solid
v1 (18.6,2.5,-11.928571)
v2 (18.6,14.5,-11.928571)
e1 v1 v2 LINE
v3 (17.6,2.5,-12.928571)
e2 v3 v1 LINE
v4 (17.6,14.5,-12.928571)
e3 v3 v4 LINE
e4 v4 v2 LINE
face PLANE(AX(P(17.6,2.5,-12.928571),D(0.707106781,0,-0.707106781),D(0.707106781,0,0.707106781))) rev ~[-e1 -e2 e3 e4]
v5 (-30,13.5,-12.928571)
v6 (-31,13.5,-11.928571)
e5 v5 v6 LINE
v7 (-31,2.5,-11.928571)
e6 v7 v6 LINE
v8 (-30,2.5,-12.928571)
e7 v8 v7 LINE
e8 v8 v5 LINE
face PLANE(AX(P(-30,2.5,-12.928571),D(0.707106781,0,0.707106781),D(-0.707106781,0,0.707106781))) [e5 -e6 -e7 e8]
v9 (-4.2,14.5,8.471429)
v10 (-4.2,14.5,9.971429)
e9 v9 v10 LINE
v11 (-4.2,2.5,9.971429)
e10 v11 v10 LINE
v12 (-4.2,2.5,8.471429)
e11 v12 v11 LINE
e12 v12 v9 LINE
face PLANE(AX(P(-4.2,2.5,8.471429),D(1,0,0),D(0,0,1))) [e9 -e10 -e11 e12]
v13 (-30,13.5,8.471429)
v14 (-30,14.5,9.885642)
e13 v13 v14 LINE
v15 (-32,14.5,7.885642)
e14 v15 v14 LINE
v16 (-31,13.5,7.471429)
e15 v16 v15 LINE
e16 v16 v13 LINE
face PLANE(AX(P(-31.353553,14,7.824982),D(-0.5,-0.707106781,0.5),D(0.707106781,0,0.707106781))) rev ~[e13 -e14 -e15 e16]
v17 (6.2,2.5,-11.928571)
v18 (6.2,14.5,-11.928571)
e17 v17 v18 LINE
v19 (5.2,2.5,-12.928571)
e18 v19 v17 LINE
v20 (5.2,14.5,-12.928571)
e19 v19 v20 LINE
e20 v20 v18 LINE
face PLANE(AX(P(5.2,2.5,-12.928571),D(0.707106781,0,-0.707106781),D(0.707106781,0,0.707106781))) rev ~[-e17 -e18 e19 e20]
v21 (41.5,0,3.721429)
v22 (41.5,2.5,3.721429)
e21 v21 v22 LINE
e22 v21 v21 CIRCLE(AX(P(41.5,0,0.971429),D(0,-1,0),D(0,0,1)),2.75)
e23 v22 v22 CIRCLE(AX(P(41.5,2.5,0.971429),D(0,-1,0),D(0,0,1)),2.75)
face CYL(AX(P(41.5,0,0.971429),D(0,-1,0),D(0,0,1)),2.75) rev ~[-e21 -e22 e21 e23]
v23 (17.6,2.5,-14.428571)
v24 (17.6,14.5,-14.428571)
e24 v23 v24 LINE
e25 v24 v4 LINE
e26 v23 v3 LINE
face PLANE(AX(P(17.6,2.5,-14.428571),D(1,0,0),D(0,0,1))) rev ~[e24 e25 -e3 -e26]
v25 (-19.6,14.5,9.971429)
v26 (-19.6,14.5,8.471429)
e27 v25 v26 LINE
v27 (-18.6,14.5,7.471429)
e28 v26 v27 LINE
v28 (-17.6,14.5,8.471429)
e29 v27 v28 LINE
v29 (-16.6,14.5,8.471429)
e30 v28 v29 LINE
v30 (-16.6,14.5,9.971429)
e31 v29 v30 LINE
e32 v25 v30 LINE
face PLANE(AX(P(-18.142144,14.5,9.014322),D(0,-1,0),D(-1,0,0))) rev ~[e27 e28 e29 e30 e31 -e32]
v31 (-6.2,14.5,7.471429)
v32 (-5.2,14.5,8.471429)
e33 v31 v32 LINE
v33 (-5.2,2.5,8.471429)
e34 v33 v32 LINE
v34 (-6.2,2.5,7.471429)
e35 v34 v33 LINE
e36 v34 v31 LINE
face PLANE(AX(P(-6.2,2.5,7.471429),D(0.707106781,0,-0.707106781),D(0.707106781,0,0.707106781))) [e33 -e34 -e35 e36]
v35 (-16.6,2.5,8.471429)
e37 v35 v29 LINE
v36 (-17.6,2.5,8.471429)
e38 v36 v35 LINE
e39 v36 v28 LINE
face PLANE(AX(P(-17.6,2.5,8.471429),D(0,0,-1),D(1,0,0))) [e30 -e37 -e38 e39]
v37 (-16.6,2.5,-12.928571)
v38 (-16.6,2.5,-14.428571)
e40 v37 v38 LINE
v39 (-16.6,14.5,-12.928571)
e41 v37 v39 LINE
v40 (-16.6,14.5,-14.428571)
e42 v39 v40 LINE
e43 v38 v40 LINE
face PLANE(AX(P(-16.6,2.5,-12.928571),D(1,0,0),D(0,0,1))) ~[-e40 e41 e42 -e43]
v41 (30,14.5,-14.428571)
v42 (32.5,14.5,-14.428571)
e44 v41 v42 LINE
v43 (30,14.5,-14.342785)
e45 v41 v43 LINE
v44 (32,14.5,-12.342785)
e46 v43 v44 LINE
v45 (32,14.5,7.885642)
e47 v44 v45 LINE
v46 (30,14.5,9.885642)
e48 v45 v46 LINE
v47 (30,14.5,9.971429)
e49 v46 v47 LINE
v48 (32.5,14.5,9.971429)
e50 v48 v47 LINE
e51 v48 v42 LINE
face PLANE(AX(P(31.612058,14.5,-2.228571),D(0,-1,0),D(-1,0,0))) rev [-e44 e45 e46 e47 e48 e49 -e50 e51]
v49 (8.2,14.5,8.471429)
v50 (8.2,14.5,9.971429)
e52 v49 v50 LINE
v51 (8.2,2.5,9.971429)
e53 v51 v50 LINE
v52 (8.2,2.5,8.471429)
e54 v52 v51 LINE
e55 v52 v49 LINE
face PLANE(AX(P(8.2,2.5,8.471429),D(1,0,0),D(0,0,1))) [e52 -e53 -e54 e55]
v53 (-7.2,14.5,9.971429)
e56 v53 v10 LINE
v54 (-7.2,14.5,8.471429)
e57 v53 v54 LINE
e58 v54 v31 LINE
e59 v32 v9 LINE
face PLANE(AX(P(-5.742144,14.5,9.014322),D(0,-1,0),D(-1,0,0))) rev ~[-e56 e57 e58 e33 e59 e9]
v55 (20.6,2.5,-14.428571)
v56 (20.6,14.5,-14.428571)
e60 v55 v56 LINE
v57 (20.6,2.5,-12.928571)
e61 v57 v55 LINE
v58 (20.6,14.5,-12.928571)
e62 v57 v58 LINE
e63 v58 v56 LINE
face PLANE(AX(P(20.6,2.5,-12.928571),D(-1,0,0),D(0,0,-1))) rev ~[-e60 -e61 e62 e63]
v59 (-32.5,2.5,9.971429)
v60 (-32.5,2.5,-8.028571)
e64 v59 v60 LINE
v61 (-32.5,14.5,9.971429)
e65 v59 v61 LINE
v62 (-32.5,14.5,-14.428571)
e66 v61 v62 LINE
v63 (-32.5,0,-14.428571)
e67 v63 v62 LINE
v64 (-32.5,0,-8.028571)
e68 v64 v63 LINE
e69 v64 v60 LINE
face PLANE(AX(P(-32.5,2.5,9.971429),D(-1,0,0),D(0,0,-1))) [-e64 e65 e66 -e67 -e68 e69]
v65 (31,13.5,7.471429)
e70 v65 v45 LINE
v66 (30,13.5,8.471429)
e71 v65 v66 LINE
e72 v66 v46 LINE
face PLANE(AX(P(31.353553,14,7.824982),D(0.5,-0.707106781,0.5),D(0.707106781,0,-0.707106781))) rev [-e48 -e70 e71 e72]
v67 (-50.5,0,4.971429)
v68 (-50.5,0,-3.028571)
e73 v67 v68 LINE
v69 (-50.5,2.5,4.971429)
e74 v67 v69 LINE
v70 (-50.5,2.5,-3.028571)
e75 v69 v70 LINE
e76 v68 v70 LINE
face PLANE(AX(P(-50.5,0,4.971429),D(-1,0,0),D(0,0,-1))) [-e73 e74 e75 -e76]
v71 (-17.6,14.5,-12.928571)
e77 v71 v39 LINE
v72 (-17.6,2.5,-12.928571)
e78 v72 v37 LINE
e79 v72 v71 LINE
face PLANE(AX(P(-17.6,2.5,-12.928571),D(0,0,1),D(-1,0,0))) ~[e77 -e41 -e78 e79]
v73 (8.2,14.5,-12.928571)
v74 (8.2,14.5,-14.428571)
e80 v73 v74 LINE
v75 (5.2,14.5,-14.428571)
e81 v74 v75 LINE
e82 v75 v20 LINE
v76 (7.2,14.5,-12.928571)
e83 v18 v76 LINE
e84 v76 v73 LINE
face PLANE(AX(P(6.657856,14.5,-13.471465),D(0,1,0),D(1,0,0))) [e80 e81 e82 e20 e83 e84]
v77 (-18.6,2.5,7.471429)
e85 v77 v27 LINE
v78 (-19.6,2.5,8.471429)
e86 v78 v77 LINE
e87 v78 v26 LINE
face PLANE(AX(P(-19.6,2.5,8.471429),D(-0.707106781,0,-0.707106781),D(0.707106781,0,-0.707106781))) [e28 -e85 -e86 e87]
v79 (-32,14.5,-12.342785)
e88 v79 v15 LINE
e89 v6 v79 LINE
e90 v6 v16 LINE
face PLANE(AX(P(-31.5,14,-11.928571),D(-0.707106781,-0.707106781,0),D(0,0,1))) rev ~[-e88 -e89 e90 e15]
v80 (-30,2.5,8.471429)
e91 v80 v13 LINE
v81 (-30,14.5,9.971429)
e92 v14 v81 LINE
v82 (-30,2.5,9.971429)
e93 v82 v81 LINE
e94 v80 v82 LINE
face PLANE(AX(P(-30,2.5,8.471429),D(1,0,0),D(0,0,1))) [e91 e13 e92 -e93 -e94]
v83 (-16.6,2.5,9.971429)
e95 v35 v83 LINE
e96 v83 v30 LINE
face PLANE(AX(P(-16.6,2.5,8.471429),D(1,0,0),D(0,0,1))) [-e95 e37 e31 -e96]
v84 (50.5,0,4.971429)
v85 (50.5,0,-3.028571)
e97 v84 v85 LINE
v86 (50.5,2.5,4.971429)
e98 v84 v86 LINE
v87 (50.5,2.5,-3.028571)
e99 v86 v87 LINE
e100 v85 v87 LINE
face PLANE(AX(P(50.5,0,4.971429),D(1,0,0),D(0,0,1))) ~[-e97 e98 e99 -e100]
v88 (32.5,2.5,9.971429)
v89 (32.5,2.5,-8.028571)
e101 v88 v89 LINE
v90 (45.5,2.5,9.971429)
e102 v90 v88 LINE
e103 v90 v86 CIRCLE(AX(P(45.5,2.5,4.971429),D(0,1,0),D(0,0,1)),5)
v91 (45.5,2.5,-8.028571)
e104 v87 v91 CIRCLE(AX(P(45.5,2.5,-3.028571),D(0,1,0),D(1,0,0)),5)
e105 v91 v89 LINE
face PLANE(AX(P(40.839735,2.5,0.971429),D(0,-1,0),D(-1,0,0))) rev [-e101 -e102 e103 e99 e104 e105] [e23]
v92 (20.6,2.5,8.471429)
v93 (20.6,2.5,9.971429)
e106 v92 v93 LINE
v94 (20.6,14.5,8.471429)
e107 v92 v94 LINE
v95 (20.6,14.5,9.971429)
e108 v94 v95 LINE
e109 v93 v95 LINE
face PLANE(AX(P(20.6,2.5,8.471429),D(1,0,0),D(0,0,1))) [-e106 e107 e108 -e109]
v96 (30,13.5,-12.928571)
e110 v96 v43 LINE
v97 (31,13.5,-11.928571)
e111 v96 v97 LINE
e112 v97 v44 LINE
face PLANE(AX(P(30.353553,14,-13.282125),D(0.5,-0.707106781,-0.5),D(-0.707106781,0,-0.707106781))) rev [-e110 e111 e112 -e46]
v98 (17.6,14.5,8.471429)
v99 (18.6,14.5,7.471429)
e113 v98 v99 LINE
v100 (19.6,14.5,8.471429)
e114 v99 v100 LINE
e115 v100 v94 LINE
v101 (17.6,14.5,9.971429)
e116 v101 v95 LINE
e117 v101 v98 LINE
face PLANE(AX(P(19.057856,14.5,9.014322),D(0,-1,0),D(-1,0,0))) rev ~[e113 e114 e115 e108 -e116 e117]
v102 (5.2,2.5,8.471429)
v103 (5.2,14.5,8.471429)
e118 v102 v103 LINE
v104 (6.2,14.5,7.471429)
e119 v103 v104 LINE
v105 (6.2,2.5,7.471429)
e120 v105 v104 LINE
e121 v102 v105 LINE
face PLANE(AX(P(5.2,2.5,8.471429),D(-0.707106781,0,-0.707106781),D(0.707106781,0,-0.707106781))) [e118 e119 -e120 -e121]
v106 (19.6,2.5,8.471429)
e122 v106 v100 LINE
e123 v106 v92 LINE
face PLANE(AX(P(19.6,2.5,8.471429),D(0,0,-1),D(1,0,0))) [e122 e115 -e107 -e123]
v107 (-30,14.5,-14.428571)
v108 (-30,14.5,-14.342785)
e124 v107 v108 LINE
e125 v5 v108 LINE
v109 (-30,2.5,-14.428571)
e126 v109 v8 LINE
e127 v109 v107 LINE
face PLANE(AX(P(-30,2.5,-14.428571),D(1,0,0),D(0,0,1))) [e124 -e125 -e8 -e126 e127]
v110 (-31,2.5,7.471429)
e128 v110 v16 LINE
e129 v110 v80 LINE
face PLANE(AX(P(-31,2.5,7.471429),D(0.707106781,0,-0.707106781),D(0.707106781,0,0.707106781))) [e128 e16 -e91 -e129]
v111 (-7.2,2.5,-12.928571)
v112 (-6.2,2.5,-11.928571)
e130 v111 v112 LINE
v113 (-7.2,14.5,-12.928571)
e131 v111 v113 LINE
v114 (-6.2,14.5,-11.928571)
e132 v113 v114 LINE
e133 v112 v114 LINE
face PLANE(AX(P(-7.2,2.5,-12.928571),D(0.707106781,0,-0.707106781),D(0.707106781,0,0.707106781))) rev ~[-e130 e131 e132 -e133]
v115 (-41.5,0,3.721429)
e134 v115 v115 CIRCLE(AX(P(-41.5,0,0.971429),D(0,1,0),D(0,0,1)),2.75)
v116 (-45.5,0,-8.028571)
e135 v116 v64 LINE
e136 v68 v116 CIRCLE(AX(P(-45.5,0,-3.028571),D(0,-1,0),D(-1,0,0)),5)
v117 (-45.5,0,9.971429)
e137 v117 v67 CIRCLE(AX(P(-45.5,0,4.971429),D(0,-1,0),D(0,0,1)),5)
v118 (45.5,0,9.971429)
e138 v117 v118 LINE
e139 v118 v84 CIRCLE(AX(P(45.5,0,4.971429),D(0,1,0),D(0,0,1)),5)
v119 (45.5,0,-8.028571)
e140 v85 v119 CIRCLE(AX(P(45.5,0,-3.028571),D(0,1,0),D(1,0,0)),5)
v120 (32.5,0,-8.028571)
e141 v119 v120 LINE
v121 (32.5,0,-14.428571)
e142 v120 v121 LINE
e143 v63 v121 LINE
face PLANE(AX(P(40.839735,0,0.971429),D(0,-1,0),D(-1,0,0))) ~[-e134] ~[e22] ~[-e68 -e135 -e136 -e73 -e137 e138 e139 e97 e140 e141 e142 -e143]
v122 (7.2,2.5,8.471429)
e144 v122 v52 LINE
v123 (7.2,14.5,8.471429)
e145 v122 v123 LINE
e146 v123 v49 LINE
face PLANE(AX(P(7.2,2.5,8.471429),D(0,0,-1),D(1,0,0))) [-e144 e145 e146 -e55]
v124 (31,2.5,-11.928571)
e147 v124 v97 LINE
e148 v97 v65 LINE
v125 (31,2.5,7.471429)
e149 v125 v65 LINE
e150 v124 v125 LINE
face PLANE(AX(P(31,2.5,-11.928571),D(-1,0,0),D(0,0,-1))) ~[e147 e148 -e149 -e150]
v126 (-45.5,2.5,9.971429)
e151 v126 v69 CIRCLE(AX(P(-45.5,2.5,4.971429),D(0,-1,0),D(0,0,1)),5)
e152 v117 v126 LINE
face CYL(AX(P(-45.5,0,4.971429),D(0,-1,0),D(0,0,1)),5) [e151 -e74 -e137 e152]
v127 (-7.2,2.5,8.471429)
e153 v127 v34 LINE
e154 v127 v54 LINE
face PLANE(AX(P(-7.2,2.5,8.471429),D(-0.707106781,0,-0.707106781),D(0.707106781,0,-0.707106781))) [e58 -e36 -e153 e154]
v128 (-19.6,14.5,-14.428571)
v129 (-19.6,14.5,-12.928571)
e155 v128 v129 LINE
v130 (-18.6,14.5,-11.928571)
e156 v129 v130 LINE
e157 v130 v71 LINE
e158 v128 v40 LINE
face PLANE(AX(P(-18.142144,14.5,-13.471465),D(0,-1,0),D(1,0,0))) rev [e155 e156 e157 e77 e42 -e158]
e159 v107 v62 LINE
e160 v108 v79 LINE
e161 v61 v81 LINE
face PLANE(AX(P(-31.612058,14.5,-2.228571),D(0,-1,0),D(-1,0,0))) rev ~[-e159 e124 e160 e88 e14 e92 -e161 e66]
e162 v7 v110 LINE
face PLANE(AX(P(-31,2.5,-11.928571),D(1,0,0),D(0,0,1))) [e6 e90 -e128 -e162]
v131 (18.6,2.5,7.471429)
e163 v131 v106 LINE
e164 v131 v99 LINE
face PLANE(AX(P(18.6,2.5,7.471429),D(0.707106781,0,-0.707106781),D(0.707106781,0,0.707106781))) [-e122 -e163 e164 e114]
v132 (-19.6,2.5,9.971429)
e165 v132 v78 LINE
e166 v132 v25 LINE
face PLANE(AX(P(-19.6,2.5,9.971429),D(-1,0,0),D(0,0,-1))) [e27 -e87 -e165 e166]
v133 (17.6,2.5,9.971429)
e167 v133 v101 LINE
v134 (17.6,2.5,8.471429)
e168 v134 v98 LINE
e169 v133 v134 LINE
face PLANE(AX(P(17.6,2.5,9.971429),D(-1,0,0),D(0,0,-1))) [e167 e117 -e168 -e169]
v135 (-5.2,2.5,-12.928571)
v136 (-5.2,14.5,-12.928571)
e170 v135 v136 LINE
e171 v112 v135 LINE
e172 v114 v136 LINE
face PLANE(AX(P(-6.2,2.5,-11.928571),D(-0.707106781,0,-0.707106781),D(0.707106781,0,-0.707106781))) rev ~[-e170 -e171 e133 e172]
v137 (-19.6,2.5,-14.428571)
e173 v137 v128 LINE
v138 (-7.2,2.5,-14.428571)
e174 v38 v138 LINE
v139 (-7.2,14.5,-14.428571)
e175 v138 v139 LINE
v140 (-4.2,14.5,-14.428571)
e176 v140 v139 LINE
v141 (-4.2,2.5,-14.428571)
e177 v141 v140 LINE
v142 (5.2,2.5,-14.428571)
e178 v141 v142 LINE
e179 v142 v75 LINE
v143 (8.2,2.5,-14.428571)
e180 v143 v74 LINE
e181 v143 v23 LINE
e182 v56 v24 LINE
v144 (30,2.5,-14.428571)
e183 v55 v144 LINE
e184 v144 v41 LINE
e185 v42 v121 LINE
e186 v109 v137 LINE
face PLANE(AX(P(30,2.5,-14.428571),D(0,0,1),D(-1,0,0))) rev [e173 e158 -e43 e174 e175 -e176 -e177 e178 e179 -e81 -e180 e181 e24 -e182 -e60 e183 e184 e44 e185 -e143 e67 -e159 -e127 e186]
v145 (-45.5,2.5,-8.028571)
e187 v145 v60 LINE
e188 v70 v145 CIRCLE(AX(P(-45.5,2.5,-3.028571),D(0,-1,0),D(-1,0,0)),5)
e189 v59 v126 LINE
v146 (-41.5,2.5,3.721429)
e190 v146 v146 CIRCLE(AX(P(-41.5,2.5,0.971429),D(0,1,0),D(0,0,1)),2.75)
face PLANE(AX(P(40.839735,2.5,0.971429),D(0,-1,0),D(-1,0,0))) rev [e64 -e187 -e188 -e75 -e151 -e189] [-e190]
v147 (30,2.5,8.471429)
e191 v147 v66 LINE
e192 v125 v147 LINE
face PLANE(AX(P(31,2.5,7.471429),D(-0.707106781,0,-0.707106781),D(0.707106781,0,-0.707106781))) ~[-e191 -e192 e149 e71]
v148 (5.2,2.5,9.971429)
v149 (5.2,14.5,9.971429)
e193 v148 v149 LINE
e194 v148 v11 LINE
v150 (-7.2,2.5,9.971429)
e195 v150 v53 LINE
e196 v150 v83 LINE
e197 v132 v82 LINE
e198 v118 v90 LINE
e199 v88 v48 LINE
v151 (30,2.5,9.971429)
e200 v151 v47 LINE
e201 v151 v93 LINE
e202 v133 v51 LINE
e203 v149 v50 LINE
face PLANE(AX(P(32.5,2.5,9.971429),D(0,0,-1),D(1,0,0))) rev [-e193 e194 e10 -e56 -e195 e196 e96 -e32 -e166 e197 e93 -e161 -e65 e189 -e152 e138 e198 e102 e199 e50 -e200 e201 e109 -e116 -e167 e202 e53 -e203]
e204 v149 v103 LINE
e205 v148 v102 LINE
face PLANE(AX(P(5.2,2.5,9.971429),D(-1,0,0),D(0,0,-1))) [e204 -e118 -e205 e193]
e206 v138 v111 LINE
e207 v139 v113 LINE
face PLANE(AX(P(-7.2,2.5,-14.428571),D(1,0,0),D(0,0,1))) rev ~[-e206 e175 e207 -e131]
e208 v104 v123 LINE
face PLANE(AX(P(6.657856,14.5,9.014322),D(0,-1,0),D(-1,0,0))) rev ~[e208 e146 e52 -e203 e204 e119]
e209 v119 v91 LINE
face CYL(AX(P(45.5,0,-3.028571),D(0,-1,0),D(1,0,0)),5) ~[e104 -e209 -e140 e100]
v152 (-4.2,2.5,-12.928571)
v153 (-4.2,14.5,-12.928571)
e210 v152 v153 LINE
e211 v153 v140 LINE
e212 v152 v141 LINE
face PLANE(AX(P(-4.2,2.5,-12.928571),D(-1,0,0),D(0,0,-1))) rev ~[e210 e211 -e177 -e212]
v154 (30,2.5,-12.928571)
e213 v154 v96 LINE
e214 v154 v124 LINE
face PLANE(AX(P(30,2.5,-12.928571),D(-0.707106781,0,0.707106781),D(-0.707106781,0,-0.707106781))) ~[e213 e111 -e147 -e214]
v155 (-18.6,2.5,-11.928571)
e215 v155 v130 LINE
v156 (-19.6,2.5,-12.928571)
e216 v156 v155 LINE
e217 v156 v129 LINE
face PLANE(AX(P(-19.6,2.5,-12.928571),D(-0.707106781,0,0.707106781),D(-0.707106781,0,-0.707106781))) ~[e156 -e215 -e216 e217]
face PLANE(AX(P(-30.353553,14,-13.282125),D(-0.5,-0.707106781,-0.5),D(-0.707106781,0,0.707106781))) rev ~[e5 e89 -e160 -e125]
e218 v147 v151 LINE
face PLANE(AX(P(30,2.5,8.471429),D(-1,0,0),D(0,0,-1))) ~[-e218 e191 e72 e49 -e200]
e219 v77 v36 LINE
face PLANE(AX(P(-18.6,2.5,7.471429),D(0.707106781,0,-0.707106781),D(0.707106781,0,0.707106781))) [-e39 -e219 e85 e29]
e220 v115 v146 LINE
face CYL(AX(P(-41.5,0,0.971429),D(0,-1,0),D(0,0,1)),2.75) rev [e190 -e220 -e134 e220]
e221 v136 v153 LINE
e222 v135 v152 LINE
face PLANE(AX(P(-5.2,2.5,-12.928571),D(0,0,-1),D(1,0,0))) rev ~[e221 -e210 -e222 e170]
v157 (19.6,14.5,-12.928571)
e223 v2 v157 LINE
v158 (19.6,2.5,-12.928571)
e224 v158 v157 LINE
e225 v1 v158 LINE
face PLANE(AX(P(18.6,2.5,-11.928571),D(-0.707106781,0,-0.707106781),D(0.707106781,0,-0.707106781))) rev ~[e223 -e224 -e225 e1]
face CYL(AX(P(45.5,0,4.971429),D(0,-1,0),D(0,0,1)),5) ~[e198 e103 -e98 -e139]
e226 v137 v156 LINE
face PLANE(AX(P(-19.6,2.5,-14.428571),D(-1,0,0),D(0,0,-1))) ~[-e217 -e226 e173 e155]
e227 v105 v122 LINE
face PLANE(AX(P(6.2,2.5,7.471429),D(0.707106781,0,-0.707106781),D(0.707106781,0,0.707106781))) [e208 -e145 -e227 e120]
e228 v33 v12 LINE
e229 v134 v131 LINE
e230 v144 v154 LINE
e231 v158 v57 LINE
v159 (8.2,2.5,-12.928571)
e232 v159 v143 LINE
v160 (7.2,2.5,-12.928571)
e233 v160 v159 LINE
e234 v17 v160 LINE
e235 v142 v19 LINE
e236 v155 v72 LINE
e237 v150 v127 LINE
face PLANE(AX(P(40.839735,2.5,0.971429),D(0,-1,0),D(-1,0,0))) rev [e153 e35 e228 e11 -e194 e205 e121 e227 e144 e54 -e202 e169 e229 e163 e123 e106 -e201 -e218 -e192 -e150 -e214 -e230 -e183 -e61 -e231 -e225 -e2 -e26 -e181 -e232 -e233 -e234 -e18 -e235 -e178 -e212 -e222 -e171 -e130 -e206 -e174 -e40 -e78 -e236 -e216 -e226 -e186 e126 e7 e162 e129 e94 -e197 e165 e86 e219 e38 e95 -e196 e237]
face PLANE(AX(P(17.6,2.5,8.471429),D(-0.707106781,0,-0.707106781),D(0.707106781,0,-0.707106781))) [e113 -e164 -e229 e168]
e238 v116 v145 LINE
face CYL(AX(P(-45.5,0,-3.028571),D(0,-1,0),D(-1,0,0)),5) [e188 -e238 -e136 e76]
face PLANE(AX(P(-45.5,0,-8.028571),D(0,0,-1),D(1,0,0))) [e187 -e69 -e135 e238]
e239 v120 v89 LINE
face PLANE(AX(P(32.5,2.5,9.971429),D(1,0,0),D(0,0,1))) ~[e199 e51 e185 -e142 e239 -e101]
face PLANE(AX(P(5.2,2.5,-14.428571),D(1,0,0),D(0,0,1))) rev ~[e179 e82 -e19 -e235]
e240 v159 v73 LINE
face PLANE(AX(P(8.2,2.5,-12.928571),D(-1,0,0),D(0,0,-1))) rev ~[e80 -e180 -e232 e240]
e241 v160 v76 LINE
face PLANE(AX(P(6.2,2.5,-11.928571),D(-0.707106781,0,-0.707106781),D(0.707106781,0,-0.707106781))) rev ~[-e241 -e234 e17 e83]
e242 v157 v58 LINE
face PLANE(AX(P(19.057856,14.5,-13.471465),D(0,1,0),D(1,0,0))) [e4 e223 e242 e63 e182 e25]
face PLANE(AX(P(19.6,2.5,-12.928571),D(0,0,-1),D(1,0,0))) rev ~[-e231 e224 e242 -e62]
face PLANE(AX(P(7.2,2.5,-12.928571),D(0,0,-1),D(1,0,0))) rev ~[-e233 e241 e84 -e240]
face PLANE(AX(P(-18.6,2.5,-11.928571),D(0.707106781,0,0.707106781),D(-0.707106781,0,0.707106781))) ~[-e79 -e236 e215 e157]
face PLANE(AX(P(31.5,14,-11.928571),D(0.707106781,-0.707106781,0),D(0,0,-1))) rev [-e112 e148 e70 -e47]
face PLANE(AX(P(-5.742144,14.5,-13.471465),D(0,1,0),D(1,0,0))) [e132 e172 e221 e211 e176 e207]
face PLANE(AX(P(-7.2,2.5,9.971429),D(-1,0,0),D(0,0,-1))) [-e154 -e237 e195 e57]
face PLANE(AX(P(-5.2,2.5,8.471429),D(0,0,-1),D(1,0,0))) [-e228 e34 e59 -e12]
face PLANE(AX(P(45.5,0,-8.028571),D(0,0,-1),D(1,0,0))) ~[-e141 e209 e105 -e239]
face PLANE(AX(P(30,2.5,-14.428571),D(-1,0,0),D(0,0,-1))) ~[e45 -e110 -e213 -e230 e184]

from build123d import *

# Parameters (mm, degrees)
SKETCH_1_W                    = 65
SKETCH_1_H                    = 24.4
EXTRUDE_1_DEPTH               = 2.5
SKETCH_2_R                    = 2.75
EXTRUDE_2_DEPTH               = 2.5
EXTRUDE_3_DEPTH               = 12
CHAMFER_1_SIZE                = 1
EXTRUDE_4_DEPTH               = 12
PATTERN_LINEAR_1_COUNT        = 4
PATTERN_LINEAR_1_PITCH        = 12.4
PATTERN_LINEAR_1_COPY_1_DEPTH = 12
PATTERN_LINEAR_1_COPY_2_DEPTH = 12
PATTERN_LINEAR_1_COPY_3_DEPTH = 12


with BuildPart() as part:
    # Эскиз1 → Бобышка-Вытянуть1 (new body)
    with BuildSketch(Plane(origin=(0, 0, 0), x_dir=(1, 0, 0), z_dir=(0, 1, 0))):
        with Locations((0, 2.228571429)):
            Rectangle(SKETCH_1_W, SKETCH_1_H)
    extrude(amount=EXTRUDE_1_DEPTH)

    # Эскиз2 → Бобышка-Вытянуть2 (add)
    with BuildSketch(Plane(origin=(0, 0, 0), x_dir=(1, 0, 0), z_dir=(0, 1, 0))):
        with BuildLine():
            Line((-32.5, -9.971428571), (-45.5, -9.971428571))
            ThreePointArc((-45.5, -9.971428571), (-49.035533906, -8.506962477), (-50.5, -4.971428571))
            Line((-50.5, -4.971428571), (-50.5, 3.028571429))
            ThreePointArc((-50.5, 3.028571429), (-49.035533906, 6.564105335), (-45.5, 8.028571429))
            Line((-45.5, 8.028571429), (-32.5, 8.028571429))
            Line((-32.5, 8.028571429), (-32.5, -9.971428571))
        make_face()
        with Locations(Location((-41.5, -0.971428571, 0), (0, 0, 270))):
            Circle(SKETCH_2_R, mode=Mode.SUBTRACT)
    extrude_2 = extrude(amount=EXTRUDE_2_DEPTH)

    # Зеркальное отражение1: Бобышка-Вытянуть2 across plane
    add(extrude_2.mirror(Plane(origin=(0, 0, 0), x_dir=(0, 0, 1), z_dir=(1, 0, 0))))

    # Эскиз3 → Бобышка-Вытянуть3 (add)
    with BuildSketch(Plane(origin=(0, 2.5, 0), x_dir=(1, 0, 0), z_dir=(0, 1, 0))):
        Polygon((-32.5, 14.428571429), (-31, 14.428571429), (-30, 14.428571429), (-30, 12.928571429), (-31, 11.928571429), (-31, -7.471428571), (-30, -8.471428571), (-30, -9.971428571), (-31, -9.971428571), (-32.5, -9.971428571), align=None)
    extrude_3 = extrude(amount=EXTRUDE_3_DEPTH)

    # Зеркальное отражение2: Бобышка-Вытянуть3 across plane
    add(extrude_3.mirror(Plane(origin=(0, 0, 0), x_dir=(0, 0, 1), z_dir=(1, 0, 0))))

    # Фаска1
    chamfer_1_edges = [part.edges().sort_by_distance(p)[0] for p in [
        (-30.5, 14.5, 7.971428571),
        (-31, 14.5, -2.228571429),
        (-30.5, 14.5, -12.428571429),
        (30.5, 14.5, -12.428571429),
        (31, 14.5, -2.228571429),
        (30.5, 14.5, 7.971428571),
    ]]
    chamfer(chamfer_1_edges, length=CHAMFER_1_SIZE)

    # Эскиз4 → Бобышка-Вытянуть4 (add)
    with BuildSketch(Plane(origin=(0, 2.5, 0), x_dir=(1, 0, 0), z_dir=(0, 1, 0))):
        Polygon((-18.6, -9.971428571), (-19.6, -9.971428571), (-19.6, -8.471428571), (-18.6, -7.471428571), (-17.6, -8.471428571), (-16.6, -8.471428571), (-16.6, -9.971428571), align=None)
    extrude_4 = extrude(amount=EXTRUDE_4_DEPTH)

    # Зеркальное отражение3: Бобышка-Вытянуть4 across plane
    add(extrude_4.mirror(Plane.XY.offset(-2.228571429)))

    # Линейный массив1: Бобышка-Вытянуть4 ×4
    with Locations(*[(i * PATTERN_LINEAR_1_PITCH, 0, 0) for i in range(1, PATTERN_LINEAR_1_COUNT)]):
        add(extrude_4)

    # Линейный массив1 copy 1 sketch → Линейный массив1 copy 1 (add)
    with BuildSketch(Plane(origin=(12.4, 2.5, -4.457142857), x_dir=(1, 0, 0), z_dir=(0, 1, 0))):
        Polygon((-18.6, 9.971428571), (-19.6, 9.971428571), (-19.6, 8.471428571), (-18.6, 7.471428571), (-17.6, 8.471428571), (-16.6, 8.471428571), (-16.6, 9.971428571), align=None)
    extrude(amount=PATTERN_LINEAR_1_COPY_1_DEPTH)

    # Линейный массив1 copy 2 sketch → Линейный массив1 copy 2 (add)
    with BuildSketch(Plane(origin=(24.8, 2.5, -4.457142857), x_dir=(1, 0, 0), z_dir=(0, 1, 0))):
        Polygon((-18.6, 9.971428571), (-19.6, 9.971428571), (-19.6, 8.471428571), (-18.6, 7.471428571), (-17.6, 8.471428571), (-16.6, 8.471428571), (-16.6, 9.971428571), align=None)
    extrude(amount=PATTERN_LINEAR_1_COPY_2_DEPTH)

    # Линейный массив1 copy 3 sketch → Линейный массив1 copy 3 (add)
    with BuildSketch(Plane(origin=(37.2, 2.5, -4.457142857), x_dir=(1, 0, 0), z_dir=(0, 1, 0))):
        Polygon((-18.6, 9.971428571), (-19.6, 9.971428571), (-19.6, 8.471428571), (-18.6, 7.471428571), (-17.6, 8.471428571), (-16.6, 8.471428571), (-16.6, 9.971428571), align=None)
    extrude(amount=PATTERN_LINEAR_1_COPY_3_DEPTH)


solid = part.part
